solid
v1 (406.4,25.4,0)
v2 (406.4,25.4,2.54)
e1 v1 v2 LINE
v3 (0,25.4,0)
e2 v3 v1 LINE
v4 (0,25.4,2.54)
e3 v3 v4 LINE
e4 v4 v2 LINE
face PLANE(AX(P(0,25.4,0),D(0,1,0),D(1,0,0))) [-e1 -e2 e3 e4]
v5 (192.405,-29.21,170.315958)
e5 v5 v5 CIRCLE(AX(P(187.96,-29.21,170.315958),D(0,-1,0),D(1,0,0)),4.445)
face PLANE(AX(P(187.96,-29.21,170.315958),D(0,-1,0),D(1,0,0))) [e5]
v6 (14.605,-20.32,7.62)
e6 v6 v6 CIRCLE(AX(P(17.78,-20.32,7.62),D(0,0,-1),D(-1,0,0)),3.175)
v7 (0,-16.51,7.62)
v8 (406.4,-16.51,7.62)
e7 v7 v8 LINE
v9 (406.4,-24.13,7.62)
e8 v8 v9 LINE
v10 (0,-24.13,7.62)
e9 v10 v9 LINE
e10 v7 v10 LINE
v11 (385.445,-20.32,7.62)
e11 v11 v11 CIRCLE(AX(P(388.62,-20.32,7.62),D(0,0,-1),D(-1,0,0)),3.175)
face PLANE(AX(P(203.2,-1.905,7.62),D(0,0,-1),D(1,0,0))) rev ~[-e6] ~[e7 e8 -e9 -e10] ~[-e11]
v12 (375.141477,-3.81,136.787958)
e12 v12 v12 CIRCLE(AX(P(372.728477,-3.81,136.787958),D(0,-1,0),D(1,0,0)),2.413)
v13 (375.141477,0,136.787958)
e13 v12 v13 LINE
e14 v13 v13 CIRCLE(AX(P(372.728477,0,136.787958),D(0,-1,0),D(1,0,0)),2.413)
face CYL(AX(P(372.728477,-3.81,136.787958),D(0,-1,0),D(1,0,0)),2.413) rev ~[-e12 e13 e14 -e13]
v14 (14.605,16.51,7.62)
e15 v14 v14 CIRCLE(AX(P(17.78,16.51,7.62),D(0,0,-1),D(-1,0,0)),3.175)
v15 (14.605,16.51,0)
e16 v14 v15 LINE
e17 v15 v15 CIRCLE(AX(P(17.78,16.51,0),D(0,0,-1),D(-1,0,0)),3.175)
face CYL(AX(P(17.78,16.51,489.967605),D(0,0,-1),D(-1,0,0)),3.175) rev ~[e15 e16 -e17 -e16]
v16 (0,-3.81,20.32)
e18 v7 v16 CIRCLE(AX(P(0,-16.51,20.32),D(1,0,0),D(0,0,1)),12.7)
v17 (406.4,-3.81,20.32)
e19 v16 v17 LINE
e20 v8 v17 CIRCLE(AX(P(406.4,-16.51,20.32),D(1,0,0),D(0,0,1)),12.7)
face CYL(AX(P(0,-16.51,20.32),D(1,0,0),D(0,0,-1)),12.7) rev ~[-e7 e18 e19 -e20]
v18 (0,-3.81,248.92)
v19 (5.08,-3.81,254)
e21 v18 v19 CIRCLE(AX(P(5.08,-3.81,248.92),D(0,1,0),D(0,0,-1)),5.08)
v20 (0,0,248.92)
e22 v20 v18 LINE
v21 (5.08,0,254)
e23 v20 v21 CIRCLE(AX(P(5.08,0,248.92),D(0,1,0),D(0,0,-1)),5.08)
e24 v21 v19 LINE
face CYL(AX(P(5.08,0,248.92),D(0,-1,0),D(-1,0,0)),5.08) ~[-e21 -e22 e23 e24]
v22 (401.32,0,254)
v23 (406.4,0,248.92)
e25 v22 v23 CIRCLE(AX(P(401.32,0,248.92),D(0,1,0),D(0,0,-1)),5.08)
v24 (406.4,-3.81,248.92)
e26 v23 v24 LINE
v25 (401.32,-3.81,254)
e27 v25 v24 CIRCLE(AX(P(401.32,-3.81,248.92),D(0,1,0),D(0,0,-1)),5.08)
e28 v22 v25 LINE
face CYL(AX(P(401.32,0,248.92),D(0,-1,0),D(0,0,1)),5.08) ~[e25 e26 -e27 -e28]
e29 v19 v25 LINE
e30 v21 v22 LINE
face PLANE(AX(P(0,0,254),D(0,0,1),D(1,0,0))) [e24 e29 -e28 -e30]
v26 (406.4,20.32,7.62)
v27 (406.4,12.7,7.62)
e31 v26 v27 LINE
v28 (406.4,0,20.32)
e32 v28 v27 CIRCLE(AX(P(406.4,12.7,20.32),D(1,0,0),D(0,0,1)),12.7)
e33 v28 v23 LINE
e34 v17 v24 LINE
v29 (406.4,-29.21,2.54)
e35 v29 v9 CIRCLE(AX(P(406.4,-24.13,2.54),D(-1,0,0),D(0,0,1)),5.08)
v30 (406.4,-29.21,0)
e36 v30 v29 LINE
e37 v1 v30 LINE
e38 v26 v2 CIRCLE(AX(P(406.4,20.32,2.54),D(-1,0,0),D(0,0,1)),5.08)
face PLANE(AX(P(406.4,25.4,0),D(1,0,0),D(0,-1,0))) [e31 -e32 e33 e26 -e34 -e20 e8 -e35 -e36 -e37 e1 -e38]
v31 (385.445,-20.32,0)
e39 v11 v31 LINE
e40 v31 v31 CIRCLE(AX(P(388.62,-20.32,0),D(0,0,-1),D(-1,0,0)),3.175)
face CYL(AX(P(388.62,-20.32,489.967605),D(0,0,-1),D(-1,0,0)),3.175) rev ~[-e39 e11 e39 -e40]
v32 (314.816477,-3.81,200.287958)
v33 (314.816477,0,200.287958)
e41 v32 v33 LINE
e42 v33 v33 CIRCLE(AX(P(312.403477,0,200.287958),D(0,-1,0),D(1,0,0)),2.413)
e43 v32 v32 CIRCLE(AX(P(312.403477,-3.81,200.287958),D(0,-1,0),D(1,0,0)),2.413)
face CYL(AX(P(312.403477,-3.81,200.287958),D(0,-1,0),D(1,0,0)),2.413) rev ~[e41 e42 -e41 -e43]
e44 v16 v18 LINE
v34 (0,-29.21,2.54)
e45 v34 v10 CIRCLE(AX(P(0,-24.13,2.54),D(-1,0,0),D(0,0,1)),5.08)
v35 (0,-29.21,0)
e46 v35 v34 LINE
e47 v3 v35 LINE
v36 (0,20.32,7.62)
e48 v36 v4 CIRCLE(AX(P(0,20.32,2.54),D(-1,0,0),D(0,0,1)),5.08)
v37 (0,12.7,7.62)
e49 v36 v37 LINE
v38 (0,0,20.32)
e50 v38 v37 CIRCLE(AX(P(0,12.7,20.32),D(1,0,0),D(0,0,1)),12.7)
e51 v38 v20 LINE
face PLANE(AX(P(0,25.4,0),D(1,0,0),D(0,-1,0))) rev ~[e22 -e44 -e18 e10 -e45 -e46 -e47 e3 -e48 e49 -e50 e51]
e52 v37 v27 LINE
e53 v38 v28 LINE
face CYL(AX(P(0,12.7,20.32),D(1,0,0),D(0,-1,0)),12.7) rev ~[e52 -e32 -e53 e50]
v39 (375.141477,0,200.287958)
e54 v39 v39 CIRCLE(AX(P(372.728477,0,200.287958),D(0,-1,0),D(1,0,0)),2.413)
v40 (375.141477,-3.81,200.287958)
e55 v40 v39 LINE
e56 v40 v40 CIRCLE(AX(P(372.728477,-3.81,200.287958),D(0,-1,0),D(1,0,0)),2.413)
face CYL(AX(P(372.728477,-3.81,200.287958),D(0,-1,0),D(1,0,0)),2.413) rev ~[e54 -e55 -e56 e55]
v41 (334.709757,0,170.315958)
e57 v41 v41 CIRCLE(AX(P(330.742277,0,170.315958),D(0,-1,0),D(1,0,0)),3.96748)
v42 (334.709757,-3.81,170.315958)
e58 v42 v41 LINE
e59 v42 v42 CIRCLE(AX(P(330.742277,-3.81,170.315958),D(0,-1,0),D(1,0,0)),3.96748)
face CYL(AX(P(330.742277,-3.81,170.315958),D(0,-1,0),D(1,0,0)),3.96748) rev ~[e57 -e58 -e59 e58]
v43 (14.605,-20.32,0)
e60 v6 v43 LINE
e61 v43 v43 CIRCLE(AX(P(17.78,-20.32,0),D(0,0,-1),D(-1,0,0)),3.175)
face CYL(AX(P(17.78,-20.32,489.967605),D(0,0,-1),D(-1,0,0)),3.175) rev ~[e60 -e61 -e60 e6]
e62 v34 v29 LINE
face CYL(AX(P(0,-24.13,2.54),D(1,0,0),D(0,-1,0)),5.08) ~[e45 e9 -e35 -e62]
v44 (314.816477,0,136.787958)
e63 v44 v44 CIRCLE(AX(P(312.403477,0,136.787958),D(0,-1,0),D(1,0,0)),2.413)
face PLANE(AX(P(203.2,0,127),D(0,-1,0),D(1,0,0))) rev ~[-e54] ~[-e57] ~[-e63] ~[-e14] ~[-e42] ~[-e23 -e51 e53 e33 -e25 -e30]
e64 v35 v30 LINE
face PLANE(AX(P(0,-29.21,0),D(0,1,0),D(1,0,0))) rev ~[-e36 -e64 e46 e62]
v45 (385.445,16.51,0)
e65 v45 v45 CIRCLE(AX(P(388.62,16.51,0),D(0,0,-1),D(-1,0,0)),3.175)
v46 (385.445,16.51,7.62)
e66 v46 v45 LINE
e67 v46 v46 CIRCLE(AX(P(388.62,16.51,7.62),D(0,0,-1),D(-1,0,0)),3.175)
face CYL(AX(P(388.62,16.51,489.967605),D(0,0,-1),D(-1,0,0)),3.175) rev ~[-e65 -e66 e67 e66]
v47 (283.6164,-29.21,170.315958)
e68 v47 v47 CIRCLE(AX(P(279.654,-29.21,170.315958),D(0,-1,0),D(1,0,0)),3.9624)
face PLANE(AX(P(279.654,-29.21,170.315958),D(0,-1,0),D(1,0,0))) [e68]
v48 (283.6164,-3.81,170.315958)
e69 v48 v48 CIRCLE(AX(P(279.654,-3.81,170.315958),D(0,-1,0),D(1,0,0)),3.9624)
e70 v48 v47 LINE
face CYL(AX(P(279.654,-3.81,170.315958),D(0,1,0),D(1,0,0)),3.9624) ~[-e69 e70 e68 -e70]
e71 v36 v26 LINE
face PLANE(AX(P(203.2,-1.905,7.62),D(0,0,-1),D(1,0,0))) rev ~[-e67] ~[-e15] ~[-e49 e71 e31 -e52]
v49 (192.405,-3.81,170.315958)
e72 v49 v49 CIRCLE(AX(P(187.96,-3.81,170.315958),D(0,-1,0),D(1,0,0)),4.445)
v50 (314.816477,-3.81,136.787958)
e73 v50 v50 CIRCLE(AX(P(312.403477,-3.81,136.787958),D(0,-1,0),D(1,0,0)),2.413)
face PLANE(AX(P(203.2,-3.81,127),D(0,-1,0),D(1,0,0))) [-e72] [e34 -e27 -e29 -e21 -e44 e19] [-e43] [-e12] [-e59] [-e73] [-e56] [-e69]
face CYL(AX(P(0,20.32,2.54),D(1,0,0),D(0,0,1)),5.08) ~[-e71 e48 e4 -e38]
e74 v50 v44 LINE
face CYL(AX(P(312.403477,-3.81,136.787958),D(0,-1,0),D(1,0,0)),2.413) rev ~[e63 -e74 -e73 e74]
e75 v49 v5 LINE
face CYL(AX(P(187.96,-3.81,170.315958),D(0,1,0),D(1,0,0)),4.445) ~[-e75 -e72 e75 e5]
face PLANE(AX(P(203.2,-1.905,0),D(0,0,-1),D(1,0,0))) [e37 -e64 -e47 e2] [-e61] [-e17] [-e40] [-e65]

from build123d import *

# Parameters (mm, degrees)
F0_W      = 406.4
F0_H      = 254
F1_DEPTH  = 3.81
F2_W      = 406.4
F2_H      = 54.61
F3_DEPTH  = 7.62
F4_R      = 12.7
F5_R      = 5.08
F6_R      = 2.413
F6_R_2    = 3.96748
F7_DEPTH  = 29.211
F8_R      = 3.9624
F9_DEPTH  = 25.4
F10_R     = 4.445
F11_DEPTH = 25.4
F13_D     = 6.35


with BuildPart() as f1:
    # F0 (on Front) → F1 (new body)
    with BuildSketch(Plane.XZ):
        with Locations((203.2, 127)):
            Rectangle(F0_W, F0_H)
    extrude(amount=F1_DEPTH)

    # F2 (on face) → F3 (join)
    with BuildSketch(Plane(origin=(0, 0, 0), x_dir=(1, 0, 0), z_dir=(0, 0, -1))):
        with Locations((203.2, 1.905)):
            Rectangle(F2_W, F2_H)
    extrude(amount=-F3_DEPTH)

    # F4
    f4_edges = [f1.edges().sort_by_distance(p)[0] for p in [
        (203.2, 0, 7.62),
        (203.2, -3.81, 7.62),
    ]]
    fillet(f4_edges, radius=F4_R)

    # F5
    f5_edges = [f1.edges().sort_by_distance(p)[0] for p in [
        (203.2, -29.21, 7.62),
        (203.2, 25.4, 7.62),
        (406.4, -1.905, 254),
        (0, -1.905, 254),
    ]]
    fillet(f5_edges, radius=F5_R)

    # F6 (on face) → F7 (cut, through all)
    with BuildSketch(Plane.XZ.offset(3.81)):
        with Locations((312.4034767258, 200.2879581752)):
            Circle(F6_R)
        with Locations((372.7284767258, 200.2879581752)):
            Circle(F6_R)
        with Locations((312.4034767258, 136.7879581752)):
            Circle(F6_R)
        with Locations((372.7284767258, 136.7879581752)):
            Circle(F6_R)
        with Locations((330.7422767258, 170.3159581752)):
            Circle(F6_R_2)
    extrude(amount=-F7_DEPTH, mode=Mode.SUBTRACT)

    # F8 (on face) → F9 (join)
    with BuildSketch(Plane.XZ.offset(3.81)):
        with Locations((279.654, 170.3159581752)):
            Circle(F8_R)
    extrude(amount=F9_DEPTH)

    # F10 (on face) → F11 (join)
    with BuildSketch(Plane.XZ.offset(3.81)):
        with Locations((187.96, 170.3159581752)):
            Circle(F10_R)
    extrude(amount=F11_DEPTH)

    # F13 (through all)
    with Locations(Plane.XY.offset(7.62)):
        with Locations((388.62, 16.51), (388.62, -20.32), (17.78, 16.51), (17.78, -20.32)):
            Hole(F13_D / 2)


solid = f1.part
